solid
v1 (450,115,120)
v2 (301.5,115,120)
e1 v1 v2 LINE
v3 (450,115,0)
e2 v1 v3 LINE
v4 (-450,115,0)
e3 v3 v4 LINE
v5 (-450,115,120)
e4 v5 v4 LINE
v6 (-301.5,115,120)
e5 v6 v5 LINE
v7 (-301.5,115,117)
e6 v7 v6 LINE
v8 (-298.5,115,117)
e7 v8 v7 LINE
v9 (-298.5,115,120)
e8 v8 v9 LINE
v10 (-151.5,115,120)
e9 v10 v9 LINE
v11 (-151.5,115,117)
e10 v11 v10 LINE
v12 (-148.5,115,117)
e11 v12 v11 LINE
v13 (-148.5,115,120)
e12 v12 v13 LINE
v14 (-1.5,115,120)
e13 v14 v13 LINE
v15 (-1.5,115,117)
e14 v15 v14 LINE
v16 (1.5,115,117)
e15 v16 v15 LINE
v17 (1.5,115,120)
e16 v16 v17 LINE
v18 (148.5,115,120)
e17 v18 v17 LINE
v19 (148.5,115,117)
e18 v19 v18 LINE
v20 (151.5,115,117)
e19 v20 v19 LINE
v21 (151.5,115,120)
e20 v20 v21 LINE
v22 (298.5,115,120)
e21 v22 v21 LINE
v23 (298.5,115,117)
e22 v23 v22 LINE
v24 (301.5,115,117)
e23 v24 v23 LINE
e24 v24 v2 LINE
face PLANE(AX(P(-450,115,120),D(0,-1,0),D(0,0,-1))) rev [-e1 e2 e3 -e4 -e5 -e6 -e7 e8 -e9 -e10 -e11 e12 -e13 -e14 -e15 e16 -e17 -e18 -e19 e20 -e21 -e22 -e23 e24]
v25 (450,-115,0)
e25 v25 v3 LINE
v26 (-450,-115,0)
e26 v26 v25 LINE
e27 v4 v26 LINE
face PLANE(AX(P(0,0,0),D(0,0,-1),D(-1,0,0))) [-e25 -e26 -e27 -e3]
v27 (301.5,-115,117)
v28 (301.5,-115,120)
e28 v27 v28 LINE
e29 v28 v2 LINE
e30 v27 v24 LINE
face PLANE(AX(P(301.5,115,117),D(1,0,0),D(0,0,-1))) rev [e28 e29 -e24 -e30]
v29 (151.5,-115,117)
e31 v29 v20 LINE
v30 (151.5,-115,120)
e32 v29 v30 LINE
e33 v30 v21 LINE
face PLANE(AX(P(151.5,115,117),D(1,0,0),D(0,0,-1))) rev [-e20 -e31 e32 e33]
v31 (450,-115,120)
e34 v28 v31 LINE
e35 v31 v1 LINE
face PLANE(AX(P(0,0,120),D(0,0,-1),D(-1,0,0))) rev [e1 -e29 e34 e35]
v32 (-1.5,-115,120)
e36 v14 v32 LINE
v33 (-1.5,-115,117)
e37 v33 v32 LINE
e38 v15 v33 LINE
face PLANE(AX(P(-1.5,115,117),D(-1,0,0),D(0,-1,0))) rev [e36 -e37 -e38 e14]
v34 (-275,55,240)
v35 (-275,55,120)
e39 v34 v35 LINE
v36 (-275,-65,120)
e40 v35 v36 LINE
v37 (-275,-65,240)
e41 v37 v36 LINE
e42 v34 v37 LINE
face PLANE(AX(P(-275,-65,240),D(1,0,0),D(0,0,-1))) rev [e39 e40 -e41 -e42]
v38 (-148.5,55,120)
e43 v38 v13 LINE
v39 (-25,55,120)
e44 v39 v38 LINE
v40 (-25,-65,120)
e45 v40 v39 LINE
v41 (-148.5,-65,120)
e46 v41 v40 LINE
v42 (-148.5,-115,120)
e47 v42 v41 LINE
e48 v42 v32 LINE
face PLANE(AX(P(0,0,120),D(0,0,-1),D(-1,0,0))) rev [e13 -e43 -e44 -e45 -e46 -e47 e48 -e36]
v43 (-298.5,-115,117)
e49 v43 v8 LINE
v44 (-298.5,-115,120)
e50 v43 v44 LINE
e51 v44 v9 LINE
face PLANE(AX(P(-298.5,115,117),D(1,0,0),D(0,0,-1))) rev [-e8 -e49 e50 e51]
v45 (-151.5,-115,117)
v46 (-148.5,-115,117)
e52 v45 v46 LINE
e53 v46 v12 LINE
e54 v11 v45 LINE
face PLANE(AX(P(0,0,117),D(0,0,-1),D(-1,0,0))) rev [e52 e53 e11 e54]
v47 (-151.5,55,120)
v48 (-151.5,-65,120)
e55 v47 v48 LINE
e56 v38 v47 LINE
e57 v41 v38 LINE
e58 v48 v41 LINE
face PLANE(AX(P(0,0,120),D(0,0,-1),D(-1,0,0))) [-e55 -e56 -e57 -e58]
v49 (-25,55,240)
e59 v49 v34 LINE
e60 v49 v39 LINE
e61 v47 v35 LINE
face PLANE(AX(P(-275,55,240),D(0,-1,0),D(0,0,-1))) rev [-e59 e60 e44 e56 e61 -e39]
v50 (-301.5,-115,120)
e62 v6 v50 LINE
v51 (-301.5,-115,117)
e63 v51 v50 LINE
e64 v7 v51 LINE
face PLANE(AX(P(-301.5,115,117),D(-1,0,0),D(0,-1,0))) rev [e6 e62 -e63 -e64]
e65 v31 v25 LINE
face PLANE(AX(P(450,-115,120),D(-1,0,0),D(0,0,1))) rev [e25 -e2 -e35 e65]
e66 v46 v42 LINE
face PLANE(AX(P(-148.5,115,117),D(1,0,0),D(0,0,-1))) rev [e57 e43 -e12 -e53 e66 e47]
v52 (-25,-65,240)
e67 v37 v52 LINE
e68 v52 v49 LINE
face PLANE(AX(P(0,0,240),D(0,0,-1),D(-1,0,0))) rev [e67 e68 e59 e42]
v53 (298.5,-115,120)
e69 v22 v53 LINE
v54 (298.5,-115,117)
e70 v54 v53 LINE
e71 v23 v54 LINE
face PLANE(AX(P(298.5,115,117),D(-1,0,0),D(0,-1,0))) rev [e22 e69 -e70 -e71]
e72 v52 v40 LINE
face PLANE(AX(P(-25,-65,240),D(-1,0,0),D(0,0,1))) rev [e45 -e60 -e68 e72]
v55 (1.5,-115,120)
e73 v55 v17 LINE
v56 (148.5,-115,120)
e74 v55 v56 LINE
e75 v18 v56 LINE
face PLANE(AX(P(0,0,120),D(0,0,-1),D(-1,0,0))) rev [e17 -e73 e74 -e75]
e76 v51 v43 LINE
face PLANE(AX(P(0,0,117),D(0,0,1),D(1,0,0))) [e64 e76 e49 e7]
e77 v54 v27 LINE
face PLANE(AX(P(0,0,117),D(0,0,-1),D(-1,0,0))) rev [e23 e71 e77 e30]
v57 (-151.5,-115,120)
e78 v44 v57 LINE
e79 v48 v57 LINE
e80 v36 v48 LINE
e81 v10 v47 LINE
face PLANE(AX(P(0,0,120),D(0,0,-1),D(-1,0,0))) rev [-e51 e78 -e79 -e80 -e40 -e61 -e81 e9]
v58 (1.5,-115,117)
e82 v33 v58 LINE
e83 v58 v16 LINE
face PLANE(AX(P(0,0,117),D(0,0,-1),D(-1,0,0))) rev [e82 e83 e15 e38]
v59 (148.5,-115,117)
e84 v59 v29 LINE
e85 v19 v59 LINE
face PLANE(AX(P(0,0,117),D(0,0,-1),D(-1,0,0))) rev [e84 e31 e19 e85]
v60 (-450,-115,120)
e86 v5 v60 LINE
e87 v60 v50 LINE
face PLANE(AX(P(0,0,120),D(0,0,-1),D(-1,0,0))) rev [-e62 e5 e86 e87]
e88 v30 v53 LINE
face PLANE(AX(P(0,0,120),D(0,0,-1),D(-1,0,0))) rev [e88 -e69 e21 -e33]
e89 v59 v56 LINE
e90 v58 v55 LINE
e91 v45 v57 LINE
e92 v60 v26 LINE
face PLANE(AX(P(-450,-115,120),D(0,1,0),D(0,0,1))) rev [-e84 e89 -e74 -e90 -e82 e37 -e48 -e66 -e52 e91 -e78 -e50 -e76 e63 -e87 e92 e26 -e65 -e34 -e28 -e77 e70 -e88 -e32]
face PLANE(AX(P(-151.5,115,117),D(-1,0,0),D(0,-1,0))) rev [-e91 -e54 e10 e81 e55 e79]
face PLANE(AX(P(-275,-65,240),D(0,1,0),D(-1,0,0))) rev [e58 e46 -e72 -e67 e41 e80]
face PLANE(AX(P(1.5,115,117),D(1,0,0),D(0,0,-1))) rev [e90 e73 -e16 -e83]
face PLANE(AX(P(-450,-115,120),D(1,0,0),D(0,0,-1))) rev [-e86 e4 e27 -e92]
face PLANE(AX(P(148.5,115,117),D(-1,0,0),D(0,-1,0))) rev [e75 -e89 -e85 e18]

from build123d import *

# Parameters (mm, degrees)
SKETCH1_W           = 900
SKETCH1_H           = 230
BOSS_EXTRUDE1_DEPTH = 120
SKETCH2_W           = 3
SKETCH2_H           = 230
CUT_EXTRUDE1_DEPTH  = 3
SKETCH3_W           = 250
SKETCH3_H           = 120
BOSS_EXTRUDE2_DEPTH = 120


with BuildPart() as part:
    # Sketch1 → Boss-Extrude1 (new body)
    with BuildSketch(Plane.XY):
        Rectangle(SKETCH1_W, SKETCH1_H)
    extrude(amount=BOSS_EXTRUDE1_DEPTH)

    # Sketch2 → Cut-Extrude1 (cut)
    with BuildSketch(Plane.XY.offset(120)):
        with Locations((-300, 0)):
            Rectangle(SKETCH2_W, SKETCH2_H)
        with Locations((-150, 0)):
            Rectangle(SKETCH2_W, SKETCH2_H)
        Rectangle(SKETCH2_W, SKETCH2_H)
        with Locations((150, 0)):
            Rectangle(SKETCH2_W, SKETCH2_H)
        with Locations((300, 0)):
            Rectangle(SKETCH2_W, SKETCH2_H)
    extrude(amount=-CUT_EXTRUDE1_DEPTH, mode=Mode.SUBTRACT)

    # Sketch3 → Boss-Extrude2 (add)
    with BuildSketch(Plane.XY.offset(120)):
        with Locations((-150, -5)):
            Rectangle(SKETCH3_W, SKETCH3_H)
    extrude(amount=BOSS_EXTRUDE2_DEPTH)


solid = part.part
